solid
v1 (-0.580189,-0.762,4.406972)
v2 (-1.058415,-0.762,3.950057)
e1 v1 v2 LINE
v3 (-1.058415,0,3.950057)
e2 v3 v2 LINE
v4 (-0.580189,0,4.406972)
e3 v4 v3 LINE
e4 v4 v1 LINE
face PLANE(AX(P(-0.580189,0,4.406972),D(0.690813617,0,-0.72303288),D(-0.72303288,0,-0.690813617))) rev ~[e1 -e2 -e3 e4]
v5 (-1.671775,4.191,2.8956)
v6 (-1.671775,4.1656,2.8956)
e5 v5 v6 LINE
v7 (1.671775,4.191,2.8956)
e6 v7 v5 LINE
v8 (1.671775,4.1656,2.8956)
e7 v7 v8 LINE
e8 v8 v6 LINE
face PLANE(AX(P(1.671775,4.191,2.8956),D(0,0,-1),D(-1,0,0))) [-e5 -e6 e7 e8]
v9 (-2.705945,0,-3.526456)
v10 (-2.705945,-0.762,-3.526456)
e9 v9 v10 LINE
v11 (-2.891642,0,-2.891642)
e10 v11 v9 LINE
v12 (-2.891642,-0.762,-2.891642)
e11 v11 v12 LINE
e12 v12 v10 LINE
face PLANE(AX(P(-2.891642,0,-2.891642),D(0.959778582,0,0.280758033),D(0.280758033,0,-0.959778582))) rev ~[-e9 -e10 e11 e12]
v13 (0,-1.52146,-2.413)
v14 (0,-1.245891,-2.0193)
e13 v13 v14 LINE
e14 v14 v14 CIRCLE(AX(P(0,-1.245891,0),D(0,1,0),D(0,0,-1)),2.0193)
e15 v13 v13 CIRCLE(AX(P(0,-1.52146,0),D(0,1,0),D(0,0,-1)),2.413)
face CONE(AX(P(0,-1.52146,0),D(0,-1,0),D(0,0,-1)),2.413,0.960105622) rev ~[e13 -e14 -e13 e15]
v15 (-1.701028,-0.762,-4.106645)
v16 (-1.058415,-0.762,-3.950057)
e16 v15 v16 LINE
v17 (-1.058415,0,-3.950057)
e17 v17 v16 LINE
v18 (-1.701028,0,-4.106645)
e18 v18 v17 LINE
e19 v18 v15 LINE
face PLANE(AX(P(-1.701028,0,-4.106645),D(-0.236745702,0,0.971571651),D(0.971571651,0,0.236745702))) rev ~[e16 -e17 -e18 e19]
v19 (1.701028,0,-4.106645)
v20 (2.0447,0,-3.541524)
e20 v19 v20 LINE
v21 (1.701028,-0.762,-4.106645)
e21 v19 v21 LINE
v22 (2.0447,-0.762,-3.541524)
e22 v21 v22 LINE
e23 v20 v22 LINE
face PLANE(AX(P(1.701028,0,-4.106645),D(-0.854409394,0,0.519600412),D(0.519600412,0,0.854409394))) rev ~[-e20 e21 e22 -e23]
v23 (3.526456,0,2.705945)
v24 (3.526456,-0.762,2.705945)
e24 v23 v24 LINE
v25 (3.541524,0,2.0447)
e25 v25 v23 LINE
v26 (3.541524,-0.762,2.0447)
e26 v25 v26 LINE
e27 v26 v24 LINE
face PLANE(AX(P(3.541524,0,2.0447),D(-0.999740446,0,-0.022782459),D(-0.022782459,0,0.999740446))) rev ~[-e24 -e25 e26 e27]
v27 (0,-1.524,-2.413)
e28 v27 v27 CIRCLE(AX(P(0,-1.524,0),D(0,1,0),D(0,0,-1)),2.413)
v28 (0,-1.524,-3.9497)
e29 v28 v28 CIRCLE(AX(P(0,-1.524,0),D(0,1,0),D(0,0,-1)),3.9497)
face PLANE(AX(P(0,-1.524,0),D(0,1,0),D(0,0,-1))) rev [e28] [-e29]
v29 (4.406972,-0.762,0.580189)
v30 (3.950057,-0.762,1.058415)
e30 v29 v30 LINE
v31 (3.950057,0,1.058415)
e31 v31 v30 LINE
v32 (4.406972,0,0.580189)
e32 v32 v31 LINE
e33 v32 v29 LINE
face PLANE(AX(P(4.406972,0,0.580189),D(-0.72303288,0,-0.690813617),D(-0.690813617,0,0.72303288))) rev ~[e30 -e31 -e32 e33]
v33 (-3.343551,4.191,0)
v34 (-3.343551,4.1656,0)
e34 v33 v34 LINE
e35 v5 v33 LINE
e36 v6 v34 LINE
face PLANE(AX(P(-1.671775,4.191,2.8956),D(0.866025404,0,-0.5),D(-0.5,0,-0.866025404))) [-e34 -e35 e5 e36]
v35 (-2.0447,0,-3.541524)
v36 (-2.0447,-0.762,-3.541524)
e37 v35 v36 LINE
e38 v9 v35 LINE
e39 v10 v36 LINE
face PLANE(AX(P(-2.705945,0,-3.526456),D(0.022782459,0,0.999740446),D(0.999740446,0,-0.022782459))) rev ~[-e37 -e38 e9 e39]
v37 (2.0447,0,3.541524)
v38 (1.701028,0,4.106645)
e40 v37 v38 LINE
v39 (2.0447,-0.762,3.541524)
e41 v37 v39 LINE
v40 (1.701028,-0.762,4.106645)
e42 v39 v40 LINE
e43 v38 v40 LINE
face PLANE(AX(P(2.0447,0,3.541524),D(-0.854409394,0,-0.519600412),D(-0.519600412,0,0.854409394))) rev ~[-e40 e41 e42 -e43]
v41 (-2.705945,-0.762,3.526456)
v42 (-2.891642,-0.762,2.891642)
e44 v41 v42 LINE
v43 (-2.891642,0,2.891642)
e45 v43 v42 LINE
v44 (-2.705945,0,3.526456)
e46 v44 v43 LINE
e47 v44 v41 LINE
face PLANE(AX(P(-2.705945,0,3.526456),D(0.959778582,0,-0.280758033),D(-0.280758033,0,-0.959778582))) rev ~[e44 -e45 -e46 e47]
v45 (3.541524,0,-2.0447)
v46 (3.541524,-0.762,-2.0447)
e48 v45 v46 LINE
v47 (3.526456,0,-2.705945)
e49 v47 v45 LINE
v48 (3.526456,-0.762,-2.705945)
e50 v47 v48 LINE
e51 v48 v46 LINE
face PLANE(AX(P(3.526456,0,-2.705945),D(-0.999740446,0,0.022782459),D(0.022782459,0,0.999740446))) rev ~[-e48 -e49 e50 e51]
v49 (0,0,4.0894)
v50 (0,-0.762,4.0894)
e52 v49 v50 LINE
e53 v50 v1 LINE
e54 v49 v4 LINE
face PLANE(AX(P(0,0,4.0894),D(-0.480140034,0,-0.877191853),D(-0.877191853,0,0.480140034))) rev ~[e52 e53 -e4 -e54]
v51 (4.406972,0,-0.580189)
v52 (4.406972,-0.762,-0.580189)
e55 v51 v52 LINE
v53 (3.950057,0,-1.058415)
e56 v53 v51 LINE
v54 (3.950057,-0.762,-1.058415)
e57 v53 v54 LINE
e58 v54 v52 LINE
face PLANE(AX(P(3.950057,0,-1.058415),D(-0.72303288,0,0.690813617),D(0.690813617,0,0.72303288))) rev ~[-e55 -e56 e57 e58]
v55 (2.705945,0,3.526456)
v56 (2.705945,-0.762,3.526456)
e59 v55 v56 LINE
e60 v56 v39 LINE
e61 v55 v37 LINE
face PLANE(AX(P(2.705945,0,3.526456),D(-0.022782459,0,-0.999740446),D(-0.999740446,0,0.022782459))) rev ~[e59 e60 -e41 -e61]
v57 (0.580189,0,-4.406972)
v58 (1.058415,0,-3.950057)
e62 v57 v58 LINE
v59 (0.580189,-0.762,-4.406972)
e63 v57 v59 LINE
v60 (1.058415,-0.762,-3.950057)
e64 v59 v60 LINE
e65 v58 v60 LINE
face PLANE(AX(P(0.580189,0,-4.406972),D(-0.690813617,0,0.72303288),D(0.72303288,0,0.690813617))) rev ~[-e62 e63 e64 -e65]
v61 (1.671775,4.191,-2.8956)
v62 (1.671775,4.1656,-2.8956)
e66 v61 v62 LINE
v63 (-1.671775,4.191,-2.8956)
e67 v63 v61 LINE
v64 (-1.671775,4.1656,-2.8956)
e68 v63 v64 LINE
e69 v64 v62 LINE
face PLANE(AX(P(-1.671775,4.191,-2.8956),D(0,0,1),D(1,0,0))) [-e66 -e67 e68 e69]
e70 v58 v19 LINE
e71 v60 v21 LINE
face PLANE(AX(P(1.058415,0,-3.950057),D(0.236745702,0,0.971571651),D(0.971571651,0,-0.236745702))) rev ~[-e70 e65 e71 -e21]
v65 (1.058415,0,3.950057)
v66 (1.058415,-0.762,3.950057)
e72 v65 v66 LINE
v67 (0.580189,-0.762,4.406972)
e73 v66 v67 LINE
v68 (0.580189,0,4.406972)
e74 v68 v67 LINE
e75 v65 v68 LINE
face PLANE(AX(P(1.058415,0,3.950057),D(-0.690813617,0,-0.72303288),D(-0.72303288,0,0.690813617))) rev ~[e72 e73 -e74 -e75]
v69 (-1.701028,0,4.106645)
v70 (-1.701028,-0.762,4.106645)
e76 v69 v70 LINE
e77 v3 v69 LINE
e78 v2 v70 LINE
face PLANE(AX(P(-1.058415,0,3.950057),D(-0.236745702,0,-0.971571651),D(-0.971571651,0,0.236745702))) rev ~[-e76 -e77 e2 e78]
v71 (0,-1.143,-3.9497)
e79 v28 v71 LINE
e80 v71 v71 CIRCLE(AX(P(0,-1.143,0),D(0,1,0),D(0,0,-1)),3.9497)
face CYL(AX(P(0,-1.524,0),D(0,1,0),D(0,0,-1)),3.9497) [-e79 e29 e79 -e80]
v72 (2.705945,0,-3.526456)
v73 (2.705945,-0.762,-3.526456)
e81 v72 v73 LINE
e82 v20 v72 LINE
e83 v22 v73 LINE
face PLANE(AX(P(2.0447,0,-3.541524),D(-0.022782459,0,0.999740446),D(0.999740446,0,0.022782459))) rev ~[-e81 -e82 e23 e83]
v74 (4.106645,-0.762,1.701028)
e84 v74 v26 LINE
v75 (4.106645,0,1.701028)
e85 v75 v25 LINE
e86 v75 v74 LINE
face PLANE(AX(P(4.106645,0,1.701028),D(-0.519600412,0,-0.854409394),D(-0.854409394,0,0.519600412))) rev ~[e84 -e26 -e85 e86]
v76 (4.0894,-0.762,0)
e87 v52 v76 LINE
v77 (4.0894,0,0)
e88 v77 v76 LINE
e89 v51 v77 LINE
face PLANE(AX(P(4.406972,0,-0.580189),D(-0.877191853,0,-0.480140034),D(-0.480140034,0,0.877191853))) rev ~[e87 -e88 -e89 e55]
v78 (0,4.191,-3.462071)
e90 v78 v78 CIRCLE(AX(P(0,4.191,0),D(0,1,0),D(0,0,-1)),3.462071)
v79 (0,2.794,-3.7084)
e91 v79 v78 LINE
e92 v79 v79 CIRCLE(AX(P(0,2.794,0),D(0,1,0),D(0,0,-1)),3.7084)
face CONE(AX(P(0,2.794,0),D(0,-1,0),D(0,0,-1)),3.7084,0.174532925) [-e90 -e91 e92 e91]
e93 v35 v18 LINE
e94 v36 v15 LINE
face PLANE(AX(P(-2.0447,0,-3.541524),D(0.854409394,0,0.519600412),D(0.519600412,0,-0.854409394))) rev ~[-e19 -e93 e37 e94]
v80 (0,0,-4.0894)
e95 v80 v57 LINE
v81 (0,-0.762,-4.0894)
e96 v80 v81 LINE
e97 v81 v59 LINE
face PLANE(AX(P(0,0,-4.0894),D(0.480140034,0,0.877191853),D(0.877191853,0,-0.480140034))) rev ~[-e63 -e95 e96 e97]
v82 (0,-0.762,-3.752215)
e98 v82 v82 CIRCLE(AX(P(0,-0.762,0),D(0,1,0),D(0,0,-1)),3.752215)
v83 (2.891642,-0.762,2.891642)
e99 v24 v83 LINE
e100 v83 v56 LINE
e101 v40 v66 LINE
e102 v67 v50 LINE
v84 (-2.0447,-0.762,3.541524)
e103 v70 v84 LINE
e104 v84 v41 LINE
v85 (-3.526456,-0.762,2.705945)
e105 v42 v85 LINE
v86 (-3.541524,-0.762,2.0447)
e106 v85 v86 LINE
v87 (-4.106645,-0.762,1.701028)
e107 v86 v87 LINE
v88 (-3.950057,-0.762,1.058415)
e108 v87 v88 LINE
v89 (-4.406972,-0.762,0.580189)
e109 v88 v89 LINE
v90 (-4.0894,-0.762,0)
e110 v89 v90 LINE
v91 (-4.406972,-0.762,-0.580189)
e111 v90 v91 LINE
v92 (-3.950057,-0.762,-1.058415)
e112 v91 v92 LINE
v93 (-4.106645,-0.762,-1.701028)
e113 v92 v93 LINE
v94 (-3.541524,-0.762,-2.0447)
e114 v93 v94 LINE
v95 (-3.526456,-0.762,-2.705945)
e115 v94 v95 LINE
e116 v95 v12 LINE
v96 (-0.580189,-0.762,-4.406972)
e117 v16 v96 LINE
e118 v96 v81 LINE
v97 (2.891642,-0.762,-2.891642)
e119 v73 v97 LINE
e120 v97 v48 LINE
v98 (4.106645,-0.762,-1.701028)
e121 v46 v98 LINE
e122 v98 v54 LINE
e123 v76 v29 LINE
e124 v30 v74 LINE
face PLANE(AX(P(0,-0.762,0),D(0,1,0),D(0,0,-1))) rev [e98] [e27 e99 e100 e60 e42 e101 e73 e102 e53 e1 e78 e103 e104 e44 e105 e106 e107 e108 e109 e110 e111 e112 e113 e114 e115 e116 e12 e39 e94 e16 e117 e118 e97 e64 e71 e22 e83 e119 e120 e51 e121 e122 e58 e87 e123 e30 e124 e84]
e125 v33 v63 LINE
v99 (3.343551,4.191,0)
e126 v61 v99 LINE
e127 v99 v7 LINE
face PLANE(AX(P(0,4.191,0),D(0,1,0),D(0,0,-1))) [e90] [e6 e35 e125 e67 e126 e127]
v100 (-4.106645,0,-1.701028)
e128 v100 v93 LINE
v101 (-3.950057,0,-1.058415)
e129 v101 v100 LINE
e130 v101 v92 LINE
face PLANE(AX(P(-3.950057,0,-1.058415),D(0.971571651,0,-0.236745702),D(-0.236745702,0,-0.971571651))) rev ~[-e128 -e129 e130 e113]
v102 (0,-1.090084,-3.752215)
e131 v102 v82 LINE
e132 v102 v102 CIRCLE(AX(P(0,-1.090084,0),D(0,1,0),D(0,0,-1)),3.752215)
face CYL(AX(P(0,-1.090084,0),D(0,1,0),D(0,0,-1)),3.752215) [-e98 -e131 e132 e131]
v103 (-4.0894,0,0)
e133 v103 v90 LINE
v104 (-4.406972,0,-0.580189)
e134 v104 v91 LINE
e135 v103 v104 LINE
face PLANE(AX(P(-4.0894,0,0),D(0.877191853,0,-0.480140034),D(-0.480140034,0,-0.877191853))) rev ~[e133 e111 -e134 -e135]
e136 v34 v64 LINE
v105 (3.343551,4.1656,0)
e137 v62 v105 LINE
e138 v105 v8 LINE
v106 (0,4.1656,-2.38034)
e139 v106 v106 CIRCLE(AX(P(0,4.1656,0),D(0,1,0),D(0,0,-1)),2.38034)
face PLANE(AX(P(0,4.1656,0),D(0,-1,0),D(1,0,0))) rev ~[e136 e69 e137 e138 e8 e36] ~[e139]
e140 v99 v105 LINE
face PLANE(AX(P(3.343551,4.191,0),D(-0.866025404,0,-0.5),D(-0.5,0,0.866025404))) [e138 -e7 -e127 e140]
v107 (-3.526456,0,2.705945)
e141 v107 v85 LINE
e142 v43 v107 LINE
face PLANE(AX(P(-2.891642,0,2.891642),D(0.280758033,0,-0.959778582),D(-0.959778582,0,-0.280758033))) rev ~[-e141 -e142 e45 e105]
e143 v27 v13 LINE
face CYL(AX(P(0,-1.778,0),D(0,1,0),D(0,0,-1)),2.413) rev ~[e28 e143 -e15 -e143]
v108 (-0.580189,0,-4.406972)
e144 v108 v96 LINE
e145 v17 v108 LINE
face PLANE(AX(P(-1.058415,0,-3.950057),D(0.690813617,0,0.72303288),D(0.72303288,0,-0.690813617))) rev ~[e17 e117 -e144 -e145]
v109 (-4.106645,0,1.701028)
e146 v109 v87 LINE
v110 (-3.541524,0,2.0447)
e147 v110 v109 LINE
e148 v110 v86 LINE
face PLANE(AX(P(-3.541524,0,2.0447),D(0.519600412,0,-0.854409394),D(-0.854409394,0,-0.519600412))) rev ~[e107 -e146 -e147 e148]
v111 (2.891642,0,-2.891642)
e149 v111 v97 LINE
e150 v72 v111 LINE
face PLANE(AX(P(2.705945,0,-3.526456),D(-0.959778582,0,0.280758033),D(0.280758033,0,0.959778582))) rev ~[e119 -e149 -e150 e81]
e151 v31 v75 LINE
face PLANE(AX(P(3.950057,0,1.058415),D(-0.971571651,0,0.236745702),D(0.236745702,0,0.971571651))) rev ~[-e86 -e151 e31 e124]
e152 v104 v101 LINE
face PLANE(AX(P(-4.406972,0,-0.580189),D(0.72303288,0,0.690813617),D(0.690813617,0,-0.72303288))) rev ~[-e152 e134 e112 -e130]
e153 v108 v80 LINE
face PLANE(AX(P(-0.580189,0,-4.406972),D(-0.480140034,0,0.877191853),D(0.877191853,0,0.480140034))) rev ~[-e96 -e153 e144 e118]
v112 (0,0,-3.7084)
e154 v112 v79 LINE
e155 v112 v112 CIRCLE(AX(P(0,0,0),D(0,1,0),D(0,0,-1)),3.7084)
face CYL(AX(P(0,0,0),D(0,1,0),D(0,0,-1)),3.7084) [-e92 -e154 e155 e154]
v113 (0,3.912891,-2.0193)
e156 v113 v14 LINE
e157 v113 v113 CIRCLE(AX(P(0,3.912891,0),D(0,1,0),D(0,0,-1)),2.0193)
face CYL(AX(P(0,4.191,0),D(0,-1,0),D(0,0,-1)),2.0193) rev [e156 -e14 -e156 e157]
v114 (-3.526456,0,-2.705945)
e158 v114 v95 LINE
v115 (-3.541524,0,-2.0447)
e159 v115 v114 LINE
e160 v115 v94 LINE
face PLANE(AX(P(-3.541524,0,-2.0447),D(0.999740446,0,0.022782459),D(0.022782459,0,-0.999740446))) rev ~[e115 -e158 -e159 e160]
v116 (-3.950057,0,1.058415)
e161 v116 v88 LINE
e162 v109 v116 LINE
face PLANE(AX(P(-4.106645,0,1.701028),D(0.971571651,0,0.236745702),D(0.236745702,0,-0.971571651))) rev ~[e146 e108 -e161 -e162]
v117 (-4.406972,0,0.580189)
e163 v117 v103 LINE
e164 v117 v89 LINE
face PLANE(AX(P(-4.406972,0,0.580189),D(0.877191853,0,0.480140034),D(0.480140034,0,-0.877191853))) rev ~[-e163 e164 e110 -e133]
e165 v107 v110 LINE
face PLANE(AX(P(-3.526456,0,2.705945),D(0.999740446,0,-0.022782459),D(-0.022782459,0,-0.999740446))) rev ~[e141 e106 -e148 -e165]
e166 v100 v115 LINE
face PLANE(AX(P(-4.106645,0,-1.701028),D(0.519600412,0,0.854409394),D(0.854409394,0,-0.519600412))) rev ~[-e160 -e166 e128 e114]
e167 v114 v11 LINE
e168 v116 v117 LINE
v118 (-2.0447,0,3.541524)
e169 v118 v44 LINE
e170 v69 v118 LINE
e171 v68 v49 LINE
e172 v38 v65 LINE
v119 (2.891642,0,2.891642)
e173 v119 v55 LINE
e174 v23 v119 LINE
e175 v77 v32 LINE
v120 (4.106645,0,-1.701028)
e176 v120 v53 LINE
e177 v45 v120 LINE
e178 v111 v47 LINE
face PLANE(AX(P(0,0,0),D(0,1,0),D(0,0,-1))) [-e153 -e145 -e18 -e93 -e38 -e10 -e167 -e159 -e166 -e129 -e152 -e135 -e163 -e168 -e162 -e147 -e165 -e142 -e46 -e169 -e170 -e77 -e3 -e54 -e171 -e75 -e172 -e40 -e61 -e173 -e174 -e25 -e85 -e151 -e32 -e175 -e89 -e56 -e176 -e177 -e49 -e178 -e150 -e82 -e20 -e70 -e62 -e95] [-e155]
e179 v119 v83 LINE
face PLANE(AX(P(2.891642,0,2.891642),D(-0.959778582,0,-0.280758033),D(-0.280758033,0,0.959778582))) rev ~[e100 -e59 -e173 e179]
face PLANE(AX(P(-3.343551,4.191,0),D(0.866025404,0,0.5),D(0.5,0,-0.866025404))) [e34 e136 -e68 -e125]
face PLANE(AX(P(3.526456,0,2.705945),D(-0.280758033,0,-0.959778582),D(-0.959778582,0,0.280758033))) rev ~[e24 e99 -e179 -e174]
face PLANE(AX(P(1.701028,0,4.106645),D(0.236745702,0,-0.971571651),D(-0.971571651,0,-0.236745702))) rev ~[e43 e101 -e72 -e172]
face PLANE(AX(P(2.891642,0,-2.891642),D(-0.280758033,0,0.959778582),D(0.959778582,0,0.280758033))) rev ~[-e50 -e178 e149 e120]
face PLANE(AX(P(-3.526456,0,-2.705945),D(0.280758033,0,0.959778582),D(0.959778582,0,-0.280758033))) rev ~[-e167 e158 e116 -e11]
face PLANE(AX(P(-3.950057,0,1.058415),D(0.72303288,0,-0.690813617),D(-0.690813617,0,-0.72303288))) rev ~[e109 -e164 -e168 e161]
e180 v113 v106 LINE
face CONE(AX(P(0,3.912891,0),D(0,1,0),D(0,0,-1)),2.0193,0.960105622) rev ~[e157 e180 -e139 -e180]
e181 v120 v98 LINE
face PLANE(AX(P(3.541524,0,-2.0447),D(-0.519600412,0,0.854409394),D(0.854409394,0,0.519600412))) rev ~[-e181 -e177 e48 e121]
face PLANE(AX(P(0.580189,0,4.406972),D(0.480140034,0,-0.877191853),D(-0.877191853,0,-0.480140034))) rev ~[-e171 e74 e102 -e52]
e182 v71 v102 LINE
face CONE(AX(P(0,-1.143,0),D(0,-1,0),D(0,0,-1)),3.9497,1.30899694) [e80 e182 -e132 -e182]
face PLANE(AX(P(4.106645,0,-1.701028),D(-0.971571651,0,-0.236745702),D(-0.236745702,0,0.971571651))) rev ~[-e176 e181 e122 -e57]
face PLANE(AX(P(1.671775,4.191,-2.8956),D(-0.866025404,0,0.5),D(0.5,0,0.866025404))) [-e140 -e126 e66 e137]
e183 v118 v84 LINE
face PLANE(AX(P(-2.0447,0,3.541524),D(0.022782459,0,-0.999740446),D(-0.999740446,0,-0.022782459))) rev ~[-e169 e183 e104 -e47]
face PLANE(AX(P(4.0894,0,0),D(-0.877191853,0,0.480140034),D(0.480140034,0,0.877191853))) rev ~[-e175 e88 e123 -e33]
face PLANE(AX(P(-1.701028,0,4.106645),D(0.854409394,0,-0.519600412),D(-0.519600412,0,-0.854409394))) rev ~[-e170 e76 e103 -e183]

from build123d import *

# Parameters (mm, degrees)
CLINCHCUT_START    = -0.762
CLINCHCUT_DEPTH    = 0.762
CLINCHCUTPAT_COUNT = 24
CLINCHCUTPAT_ANGLE = 345
HEXCUT_DEPTH       = 0.0254


with BuildPart() as part:
    # BodySke → Body (revolve)
    with BuildSketch(Plane.XY, mode=Mode.PRIVATE) as body_sk:
        Polygon((3.752215, -1.090084054), (3.752215, -0.762), (4.445, -0.762), (4.445, 0), (3.7084, 0), (3.7084, 2.794), (3.462071208, 4.191), (2.0193, 4.191), (2.0193, -1.524), (3.9497, -1.524), (3.9497, -1.143), align=None)
    revolve(body_sk.sketch.rotate(Axis((0, -1.143, 0), (0, 1, 0)), 90), axis=Axis((0, -1.143, 0), (0, 1, 0)))

    # EndChamferSke → EndChamfer (revolve, cut)
    with BuildSketch(Plane.XY, mode=Mode.PRIVATE) as endchamfer_sk:
        Polygon((2.413, -1.778), (2.413, -1.52146), (2.0193, -1.245890683), (2.0193, -1.778), align=None)
        Polygon((2.413, 4.18846), (2.413, 4.445), (2.0193, 4.445), (2.0193, 3.912890683), align=None)
    revolve(endchamfer_sk.sketch.rotate(Axis((0, -2.54, 0), (0, 1, 0)), 90), axis=Axis((0, -2.54, 0), (0, 1, 0)), mode=Mode.SUBTRACT)

    # CliRinCutSke → ClinchCut (cut)
    with BuildSketch(Plane.XZ.offset(0.762).offset(CLINCHCUT_START)):
        with BuildLine():
            Line((0.580188924, 4.406972409), (0, 4.0894))
            Line((0, 4.0894), (-0.580188924, 4.406972409))
            ThreePointArc((-0.580188924, 4.406972409), (0, 4.445), (0.580188924, 4.406972409))
        make_face()
    clinchcut = extrude(amount=CLINCHCUT_DEPTH, mode=Mode.SUBTRACT)

    # ClinchCutPat: ClinchCut ×24 about axis
    clinchcutpat_axis = Axis((0, 0, 0), (0, 1, 0))
    for i in range(1, CLINCHCUTPAT_COUNT):
        add(clinchcut.rotate(clinchcutpat_axis, i * CLINCHCUTPAT_ANGLE / (CLINCHCUTPAT_COUNT - 1)), mode=Mode.SUBTRACT)

    # HexCutSke → HexCut (cut)
    with BuildSketch(Plane(origin=(0, 4.191, 0), x_dir=(-1, 0, 0), z_dir=(0, 1, 0))):
        Polygon((-1.671775439, 2.8956), (1.671775439, 2.8956), (3.343550879, 0), (1.671775439, -2.8956), (-1.671775439, -2.8956), (-3.343550879, 0), align=None)
    extrude(amount=-HEXCUT_DEPTH, mode=Mode.SUBTRACT)


solid = part.part
